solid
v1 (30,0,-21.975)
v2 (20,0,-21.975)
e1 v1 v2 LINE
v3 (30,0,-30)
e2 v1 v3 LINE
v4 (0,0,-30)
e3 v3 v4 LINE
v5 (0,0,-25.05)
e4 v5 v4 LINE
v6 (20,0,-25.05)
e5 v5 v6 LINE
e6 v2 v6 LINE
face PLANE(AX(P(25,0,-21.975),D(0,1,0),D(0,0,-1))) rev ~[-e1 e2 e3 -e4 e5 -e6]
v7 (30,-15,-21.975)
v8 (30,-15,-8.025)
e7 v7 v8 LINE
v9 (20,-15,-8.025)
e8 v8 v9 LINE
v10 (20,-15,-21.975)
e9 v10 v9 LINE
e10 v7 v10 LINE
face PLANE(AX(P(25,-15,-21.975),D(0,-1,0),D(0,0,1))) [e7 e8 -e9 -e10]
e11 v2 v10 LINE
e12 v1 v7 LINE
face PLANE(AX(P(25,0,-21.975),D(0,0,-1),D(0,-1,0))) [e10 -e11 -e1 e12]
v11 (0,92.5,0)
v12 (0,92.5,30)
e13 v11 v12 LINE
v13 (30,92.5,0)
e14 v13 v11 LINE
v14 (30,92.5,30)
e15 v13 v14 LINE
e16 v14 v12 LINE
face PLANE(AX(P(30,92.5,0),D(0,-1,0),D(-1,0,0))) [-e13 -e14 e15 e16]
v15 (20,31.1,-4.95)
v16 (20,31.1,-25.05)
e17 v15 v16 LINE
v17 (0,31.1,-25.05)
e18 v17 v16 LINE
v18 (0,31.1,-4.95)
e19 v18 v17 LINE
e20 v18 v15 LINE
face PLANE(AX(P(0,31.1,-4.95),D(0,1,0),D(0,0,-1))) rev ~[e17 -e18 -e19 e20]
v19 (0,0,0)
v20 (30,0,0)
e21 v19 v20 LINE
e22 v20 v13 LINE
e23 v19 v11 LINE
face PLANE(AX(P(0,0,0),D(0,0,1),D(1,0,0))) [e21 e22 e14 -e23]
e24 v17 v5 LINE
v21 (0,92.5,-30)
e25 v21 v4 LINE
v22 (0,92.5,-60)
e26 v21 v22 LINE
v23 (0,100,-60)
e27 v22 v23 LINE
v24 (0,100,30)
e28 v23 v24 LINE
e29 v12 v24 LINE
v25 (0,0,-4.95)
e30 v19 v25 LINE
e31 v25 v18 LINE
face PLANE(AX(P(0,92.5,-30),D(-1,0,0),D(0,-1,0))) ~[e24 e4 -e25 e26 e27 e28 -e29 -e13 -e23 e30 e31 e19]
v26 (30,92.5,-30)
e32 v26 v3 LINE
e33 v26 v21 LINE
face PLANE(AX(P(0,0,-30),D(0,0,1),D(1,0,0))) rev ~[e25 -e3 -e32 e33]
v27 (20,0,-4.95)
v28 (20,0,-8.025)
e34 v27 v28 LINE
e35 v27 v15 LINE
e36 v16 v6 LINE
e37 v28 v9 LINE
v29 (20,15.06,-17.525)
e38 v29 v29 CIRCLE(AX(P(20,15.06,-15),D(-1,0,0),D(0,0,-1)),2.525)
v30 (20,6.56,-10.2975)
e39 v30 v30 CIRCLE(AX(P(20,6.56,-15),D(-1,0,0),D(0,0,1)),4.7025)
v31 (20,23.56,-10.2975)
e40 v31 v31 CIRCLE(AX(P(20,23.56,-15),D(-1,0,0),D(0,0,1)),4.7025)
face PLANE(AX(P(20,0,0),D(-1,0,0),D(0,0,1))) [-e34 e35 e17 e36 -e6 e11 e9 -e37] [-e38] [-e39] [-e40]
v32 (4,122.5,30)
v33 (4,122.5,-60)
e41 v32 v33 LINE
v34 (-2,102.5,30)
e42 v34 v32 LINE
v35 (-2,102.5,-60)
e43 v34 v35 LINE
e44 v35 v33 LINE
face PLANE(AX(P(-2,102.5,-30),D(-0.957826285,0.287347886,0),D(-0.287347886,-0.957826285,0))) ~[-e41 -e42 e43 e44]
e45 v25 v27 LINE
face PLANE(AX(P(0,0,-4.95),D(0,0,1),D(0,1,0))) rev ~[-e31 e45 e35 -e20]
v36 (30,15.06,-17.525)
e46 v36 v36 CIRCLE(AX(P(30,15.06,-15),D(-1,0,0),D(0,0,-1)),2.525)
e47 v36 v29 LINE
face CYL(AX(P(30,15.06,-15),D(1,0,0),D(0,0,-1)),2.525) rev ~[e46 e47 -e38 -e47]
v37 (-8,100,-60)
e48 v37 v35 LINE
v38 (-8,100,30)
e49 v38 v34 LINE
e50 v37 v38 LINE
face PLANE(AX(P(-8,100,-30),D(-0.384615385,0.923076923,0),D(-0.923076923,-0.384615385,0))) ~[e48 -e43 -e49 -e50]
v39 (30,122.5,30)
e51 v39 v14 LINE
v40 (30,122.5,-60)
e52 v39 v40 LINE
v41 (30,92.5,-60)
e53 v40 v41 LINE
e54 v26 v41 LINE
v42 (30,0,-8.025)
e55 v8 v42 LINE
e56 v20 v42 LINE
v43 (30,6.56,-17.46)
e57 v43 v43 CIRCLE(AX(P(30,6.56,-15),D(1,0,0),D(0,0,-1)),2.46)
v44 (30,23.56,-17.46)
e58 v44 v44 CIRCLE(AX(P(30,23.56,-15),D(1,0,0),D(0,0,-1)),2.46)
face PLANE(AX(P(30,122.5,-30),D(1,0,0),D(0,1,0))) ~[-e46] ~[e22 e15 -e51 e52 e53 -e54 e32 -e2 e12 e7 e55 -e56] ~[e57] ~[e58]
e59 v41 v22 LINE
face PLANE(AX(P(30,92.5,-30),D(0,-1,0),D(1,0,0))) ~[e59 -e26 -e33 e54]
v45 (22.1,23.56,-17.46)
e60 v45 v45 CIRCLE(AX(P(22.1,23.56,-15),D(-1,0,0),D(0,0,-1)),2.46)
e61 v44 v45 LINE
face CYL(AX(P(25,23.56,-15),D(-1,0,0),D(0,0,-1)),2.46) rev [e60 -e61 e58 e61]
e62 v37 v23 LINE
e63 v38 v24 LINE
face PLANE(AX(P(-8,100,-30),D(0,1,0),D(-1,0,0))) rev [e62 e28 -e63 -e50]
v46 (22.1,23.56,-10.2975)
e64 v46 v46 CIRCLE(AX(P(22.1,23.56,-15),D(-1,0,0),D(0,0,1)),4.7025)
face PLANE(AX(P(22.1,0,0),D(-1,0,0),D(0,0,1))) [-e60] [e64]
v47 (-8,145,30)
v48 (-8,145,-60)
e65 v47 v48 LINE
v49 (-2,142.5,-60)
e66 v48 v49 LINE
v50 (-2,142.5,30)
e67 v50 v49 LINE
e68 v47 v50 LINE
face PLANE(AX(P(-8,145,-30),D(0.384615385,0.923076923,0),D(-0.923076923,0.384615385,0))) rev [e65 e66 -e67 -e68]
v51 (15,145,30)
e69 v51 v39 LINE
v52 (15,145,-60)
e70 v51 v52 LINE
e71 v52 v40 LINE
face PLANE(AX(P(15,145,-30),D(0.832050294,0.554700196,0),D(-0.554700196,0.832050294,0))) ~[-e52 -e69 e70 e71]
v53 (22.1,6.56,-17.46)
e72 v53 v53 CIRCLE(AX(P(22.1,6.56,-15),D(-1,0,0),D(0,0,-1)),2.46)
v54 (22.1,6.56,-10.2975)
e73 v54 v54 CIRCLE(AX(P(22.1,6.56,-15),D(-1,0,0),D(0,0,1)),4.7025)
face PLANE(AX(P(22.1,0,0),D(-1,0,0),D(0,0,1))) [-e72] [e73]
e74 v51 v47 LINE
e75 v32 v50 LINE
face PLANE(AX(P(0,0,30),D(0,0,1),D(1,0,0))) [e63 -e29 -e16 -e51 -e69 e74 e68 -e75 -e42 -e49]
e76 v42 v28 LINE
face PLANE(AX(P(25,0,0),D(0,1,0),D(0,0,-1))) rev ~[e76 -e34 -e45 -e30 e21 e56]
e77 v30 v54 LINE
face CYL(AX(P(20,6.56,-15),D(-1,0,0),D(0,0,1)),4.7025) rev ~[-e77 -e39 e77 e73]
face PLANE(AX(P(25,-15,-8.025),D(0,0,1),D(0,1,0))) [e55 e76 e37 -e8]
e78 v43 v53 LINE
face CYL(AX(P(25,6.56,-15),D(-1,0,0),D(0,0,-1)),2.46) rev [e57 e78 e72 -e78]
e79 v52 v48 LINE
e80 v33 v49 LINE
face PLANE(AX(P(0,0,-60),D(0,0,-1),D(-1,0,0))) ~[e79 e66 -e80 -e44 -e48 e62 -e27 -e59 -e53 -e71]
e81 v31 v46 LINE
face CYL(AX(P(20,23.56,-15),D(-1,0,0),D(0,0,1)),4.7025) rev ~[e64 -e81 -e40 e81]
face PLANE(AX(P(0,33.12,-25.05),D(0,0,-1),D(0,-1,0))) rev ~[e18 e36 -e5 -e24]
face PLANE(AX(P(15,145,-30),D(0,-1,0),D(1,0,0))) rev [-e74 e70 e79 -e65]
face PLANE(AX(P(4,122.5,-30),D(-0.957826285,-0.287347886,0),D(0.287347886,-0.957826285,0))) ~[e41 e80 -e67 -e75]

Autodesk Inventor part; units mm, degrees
ref_plane "YZ Plane" through (0, 0, 0) normal (1, 0, 0) x (0, 1, 0)
ref_plane "XZ Plane" through (0, 0, 0) normal (0, 1, 0) x (-1, 0, 0)
sketch "Sketch1" plane through (0, 0, 0) normal (0, 0, 1) x (1, 0, 0)
  line L0 (0, 0) -> (25, 0)
  line L1 (25, 0) -> (25, 40)
  line L2 (25, 40) -> (0, 40)
  line L3 (0, 40) -> (0, 0)
  dimension "d1" = 25
  dimension "d2" = 40
  dimension "d3" = 25
extrude "Extrusion1" add sketch "Sketch1" against normal blind 30
sketch "Sketch2" plane through (25, 0, 0) normal (1, 0, 0) x (0, 0, -1)
  line L0 (0, 0) -> (30, 0) projected
  circle A0 centre (15, 6.56) radius 2.46
extrude "Extrusion2" cut sketch "Sketch2" against normal blind 30
sketch "Sketch3" plane through (0, 0, 0) normal (-1, 0, 0) x (0, 0, 1)
  line L0 (0, 0) -> (-30, 0) projected
  line L1 (-25.05, 0) -> (-4.95, 0)
  line L2 (-4.95, 0) -> (-4.95, 33.12)
  line L3 (-4.95, 33.12) -> (-25.05, 33.12)
  line L4 (-25.05, 33.12) -> (-25.05, 0)
  dimension "d11" = 20.1
extrude "Extrusion3" cut sketch "Sketch3" against normal blind 20
sketch "Sketch4" plane through (0, 0, 0) normal (0, -1, 0) x (1, 0, 0)
  line L0 (20, -4.95) -> (20, -25.05) projected
  line L1 (20, -15) -> (25, -15)
  line L2 (25, 0) -> (25, -30) projected
  line L3 (20, -8.025) -> (25, -8.025)
  line L4 (25, -8.025) -> (25, -21.975)
  line L5 (25, -21.975) -> (20, -21.975)
  line L6 (20, -21.975) -> (20, -8.025)
  line L7 (20, -8.025) -> (25, -21.975) construction
  line L8 (25, -8.025) -> (20, -21.975) construction
  line L9 (25, -12.54) -> (25, -17.46) projected
  point P0 (0, 0)
  point P1 (22.5, -15)
  dimension "d14" = 13.95
extrude "Extrusion4" add sketch "Sketch4" along normal blind 15
sketch "Sketch5" plane through (20, 0, 0) normal (-1, 0, 0) x (0, 0, 1)
  circle A0 centre (-15, 6.56) radius 2.46 projected
  circle A1 centre (-15, 6.56) radius 4.7025
  circle A2 centre (-15, 6.56) radius 2.46 projected
  circle A3 centre (-15, 6.56) radius 2.46
  point P0 (0, 0)
  dimension "d17" = 9.405
extrude "Extrusion5" cut sketch "Sketch5" against normal blind 2.1
sketch "Sketch6" plane through (25, 0, 0) normal (1, 0, 0) x (0, 0, -1)
  circle A0 centre (15, 6.56) radius 4.7025 projected
  line L0 (15, 6.56) -> (15, 23.56)
  circle A1 centre (15, 23.56) radius 2.46
  point P0 (0, 0)
  dimension "d20" = 17
  dimension "d21" = 4.92
extrude "Extrusion6" cut sketch "Sketch6" against normal blind 10 contours A1
sketch "Sketch7" plane through (20, 0, 0) normal (-1, 0, 0) x (0, 0, 1)
  circle A0 centre (-15, 23.56) radius 2.46 projected
  circle A1 centre (-15, 23.56) radius 4.7025
  point P0 (0, 0)
  dimension "d24" = 9.405
extrude "Extrusion7" cut sketch "Sketch7" against normal blind 2.1
sketch "Sketch9" plane through (25, 0, 0) normal (1, 0, 0) x (0, 0, -1)
  circle A0 centre (15, 6.56) radius 2.46 projected
  circle A1 centre (15, 6.56) radius 2.46
  circle A2 centre (15, 23.56) radius 2.46 projected
  circle A3 centre (15, 23.56) radius 2.46
  line L0 (30, 40) -> (30, 0) projected
  line L1 (30, 0) -> (30, 40)
  line L2 (30, 40) -> (0, 40)
  line L3 (0, 40) -> (0, 0)
  line L4 (0, 0) -> (8.025, 0) projected
  line L5 (21.975, 0) -> (21.975, -15)
  line L6 (21.975, -15) -> (8.025, -15)
  line L7 (8.025, -15) -> (8.025, 0)
  line L8 (0, 0) -> (8.025, 0)
  line L9 (21.975, 0) -> (30, 0)
extrude "Extrusion8" add sketch "Sketch9" along normal blind 5
sketch "Sketch10" plane through (0, 40, 0) normal (0, 1, 0) x (1, 0, 0)
  line L0 (0, 30) -> (30, 30) projected
  line L1 (30, 0) -> (0, 0) projected
  line L2 (0, 30) -> (30, 30)
  line L3 (30, 30) -> (30, 0)
  line L4 (30, 0) -> (0, 0)
  line L5 (0, 0) -> (0, 30)
extrude "Extrusion9" add sketch "Sketch10" along normal blind 30
sketch "Sketch12" plane through (30, 0, 0) normal (1, 0, 0) x (0, 0, -1)
  circle A0 centre (15, 6.56) radius 2.46 projected
  line L0 (15, 6.56) -> (15, 15.06)
  circle A1 centre (15, 15.06) radius 2.525
  point P0 (0, 0)
  dimension "d31" = 8.5
  dimension "d33" = 5.05
extrude "Extrusion10" cut sketch "Sketch12" against normal blind 30 contours A1
sketch "Sketch14" plane through (0, 0, 0) normal (0, 0, 1) x (1, 0, 0)
  line L0 (30, 70) -> (0, 70) projected
  line L1 (0, 100) -> (-8, 100)
  line L2 (30, 0) -> (30, 70) projected
  line L3 (30, 118) -> (30, 70)
  line L4 (30, 105) -> (30, 100)
  line L5 (0, 70) -> (30, 70) projected
  line L6 (0, 70) -> (0, 100)
  line L7 (-8, 145) -> (15, 145)
  line L8 (-2, 142.5) -> (-8, 145)
  line L9 (-2, 102.5) -> (-8, 100)
  line L10 (-2, 102.5) -> (4, 122.5)
  line L11 (4, 122.5) -> (-2, 142.5)
  line L12 (15, 145) -> (30, 122.5)
  line L13 (30, 122.5) -> (30, 118)
  point P0 (0, 0)
  dimension "d47" = 30
  dimension "d85" = 45
extrude "Extrusion12" add sketch "Sketch14" against normal blind 30
sketch "Sketch15" plane through (0, 0, -25.05) normal (-1, 0, 0) x (0, 0, 1)
  line L0 (0, 33.12) -> (20.1, 33.12) projected
  line L1 (20.1, 33.12) -> (20.1, 0) projected
  line L2 (0, 33.12) -> (20.1, 33.12)
  line L3 (20.1, 33.12) -> (20.1, 31.1)
  line L4 (20.1, 31.1) -> (0, 31.1)
  line L5 (0, 31.1) -> (0, 33.12)
  point P0 (25.05, 0)
  dimension "d57" = 2.02
extrude "Extrusion13" add sketch "Sketch15" against normal blind 20
sketch "Sketch25" plane through (0, 0, 0) normal (0, 0, 1) x (1, 0, 0)
  line L0 (-8, 100) -> (0, 100) projected
  line L1 (0, 100) -> (-8, 100)
  line L2 (-8, 100) -> (-2, 102.5) projected
  line L3 (-8, 100) -> (-2, 102.5)
  line L4 (-2, 102.5) -> (4, 122.5)
  line L5 (-8, 145) -> (-2, 142.5) projected
  line L6 (4, 122.5) -> (-2, 142.5)
  line L7 (-2, 142.5) -> (-8, 145)
  line L8 (15, 145) -> (-8, 145) projected
  line L9 (-8, 145) -> (15, 145)
  line L10 (15, 145) -> (30, 122.5) projected
  line L11 (15, 145) -> (30, 122.5)
  line L12 (30, 122.5) -> (30, 92.5)
  line L13 (30, 0) -> (30, 122.5) projected
  line L14 (30, 92.5) -> (0, 92.5)
  line L15 (0, 0) -> (0, 100) projected
  line L16 (0, 92.5) -> (0, 100)
  dimension "d88" = 30
extrude "Extrusion14" add sketch "Sketch25" along normal blind 30
ref_plane "Work Plane1" through (0, 0, -15) normal (0, 0, 1) x (1, 0, 0)
mirror "Mirror1" about plane through (0, 0, -15) normal (0, 0, 1) of "Extrusion14"
properties part number "40mm_x_90mm"
